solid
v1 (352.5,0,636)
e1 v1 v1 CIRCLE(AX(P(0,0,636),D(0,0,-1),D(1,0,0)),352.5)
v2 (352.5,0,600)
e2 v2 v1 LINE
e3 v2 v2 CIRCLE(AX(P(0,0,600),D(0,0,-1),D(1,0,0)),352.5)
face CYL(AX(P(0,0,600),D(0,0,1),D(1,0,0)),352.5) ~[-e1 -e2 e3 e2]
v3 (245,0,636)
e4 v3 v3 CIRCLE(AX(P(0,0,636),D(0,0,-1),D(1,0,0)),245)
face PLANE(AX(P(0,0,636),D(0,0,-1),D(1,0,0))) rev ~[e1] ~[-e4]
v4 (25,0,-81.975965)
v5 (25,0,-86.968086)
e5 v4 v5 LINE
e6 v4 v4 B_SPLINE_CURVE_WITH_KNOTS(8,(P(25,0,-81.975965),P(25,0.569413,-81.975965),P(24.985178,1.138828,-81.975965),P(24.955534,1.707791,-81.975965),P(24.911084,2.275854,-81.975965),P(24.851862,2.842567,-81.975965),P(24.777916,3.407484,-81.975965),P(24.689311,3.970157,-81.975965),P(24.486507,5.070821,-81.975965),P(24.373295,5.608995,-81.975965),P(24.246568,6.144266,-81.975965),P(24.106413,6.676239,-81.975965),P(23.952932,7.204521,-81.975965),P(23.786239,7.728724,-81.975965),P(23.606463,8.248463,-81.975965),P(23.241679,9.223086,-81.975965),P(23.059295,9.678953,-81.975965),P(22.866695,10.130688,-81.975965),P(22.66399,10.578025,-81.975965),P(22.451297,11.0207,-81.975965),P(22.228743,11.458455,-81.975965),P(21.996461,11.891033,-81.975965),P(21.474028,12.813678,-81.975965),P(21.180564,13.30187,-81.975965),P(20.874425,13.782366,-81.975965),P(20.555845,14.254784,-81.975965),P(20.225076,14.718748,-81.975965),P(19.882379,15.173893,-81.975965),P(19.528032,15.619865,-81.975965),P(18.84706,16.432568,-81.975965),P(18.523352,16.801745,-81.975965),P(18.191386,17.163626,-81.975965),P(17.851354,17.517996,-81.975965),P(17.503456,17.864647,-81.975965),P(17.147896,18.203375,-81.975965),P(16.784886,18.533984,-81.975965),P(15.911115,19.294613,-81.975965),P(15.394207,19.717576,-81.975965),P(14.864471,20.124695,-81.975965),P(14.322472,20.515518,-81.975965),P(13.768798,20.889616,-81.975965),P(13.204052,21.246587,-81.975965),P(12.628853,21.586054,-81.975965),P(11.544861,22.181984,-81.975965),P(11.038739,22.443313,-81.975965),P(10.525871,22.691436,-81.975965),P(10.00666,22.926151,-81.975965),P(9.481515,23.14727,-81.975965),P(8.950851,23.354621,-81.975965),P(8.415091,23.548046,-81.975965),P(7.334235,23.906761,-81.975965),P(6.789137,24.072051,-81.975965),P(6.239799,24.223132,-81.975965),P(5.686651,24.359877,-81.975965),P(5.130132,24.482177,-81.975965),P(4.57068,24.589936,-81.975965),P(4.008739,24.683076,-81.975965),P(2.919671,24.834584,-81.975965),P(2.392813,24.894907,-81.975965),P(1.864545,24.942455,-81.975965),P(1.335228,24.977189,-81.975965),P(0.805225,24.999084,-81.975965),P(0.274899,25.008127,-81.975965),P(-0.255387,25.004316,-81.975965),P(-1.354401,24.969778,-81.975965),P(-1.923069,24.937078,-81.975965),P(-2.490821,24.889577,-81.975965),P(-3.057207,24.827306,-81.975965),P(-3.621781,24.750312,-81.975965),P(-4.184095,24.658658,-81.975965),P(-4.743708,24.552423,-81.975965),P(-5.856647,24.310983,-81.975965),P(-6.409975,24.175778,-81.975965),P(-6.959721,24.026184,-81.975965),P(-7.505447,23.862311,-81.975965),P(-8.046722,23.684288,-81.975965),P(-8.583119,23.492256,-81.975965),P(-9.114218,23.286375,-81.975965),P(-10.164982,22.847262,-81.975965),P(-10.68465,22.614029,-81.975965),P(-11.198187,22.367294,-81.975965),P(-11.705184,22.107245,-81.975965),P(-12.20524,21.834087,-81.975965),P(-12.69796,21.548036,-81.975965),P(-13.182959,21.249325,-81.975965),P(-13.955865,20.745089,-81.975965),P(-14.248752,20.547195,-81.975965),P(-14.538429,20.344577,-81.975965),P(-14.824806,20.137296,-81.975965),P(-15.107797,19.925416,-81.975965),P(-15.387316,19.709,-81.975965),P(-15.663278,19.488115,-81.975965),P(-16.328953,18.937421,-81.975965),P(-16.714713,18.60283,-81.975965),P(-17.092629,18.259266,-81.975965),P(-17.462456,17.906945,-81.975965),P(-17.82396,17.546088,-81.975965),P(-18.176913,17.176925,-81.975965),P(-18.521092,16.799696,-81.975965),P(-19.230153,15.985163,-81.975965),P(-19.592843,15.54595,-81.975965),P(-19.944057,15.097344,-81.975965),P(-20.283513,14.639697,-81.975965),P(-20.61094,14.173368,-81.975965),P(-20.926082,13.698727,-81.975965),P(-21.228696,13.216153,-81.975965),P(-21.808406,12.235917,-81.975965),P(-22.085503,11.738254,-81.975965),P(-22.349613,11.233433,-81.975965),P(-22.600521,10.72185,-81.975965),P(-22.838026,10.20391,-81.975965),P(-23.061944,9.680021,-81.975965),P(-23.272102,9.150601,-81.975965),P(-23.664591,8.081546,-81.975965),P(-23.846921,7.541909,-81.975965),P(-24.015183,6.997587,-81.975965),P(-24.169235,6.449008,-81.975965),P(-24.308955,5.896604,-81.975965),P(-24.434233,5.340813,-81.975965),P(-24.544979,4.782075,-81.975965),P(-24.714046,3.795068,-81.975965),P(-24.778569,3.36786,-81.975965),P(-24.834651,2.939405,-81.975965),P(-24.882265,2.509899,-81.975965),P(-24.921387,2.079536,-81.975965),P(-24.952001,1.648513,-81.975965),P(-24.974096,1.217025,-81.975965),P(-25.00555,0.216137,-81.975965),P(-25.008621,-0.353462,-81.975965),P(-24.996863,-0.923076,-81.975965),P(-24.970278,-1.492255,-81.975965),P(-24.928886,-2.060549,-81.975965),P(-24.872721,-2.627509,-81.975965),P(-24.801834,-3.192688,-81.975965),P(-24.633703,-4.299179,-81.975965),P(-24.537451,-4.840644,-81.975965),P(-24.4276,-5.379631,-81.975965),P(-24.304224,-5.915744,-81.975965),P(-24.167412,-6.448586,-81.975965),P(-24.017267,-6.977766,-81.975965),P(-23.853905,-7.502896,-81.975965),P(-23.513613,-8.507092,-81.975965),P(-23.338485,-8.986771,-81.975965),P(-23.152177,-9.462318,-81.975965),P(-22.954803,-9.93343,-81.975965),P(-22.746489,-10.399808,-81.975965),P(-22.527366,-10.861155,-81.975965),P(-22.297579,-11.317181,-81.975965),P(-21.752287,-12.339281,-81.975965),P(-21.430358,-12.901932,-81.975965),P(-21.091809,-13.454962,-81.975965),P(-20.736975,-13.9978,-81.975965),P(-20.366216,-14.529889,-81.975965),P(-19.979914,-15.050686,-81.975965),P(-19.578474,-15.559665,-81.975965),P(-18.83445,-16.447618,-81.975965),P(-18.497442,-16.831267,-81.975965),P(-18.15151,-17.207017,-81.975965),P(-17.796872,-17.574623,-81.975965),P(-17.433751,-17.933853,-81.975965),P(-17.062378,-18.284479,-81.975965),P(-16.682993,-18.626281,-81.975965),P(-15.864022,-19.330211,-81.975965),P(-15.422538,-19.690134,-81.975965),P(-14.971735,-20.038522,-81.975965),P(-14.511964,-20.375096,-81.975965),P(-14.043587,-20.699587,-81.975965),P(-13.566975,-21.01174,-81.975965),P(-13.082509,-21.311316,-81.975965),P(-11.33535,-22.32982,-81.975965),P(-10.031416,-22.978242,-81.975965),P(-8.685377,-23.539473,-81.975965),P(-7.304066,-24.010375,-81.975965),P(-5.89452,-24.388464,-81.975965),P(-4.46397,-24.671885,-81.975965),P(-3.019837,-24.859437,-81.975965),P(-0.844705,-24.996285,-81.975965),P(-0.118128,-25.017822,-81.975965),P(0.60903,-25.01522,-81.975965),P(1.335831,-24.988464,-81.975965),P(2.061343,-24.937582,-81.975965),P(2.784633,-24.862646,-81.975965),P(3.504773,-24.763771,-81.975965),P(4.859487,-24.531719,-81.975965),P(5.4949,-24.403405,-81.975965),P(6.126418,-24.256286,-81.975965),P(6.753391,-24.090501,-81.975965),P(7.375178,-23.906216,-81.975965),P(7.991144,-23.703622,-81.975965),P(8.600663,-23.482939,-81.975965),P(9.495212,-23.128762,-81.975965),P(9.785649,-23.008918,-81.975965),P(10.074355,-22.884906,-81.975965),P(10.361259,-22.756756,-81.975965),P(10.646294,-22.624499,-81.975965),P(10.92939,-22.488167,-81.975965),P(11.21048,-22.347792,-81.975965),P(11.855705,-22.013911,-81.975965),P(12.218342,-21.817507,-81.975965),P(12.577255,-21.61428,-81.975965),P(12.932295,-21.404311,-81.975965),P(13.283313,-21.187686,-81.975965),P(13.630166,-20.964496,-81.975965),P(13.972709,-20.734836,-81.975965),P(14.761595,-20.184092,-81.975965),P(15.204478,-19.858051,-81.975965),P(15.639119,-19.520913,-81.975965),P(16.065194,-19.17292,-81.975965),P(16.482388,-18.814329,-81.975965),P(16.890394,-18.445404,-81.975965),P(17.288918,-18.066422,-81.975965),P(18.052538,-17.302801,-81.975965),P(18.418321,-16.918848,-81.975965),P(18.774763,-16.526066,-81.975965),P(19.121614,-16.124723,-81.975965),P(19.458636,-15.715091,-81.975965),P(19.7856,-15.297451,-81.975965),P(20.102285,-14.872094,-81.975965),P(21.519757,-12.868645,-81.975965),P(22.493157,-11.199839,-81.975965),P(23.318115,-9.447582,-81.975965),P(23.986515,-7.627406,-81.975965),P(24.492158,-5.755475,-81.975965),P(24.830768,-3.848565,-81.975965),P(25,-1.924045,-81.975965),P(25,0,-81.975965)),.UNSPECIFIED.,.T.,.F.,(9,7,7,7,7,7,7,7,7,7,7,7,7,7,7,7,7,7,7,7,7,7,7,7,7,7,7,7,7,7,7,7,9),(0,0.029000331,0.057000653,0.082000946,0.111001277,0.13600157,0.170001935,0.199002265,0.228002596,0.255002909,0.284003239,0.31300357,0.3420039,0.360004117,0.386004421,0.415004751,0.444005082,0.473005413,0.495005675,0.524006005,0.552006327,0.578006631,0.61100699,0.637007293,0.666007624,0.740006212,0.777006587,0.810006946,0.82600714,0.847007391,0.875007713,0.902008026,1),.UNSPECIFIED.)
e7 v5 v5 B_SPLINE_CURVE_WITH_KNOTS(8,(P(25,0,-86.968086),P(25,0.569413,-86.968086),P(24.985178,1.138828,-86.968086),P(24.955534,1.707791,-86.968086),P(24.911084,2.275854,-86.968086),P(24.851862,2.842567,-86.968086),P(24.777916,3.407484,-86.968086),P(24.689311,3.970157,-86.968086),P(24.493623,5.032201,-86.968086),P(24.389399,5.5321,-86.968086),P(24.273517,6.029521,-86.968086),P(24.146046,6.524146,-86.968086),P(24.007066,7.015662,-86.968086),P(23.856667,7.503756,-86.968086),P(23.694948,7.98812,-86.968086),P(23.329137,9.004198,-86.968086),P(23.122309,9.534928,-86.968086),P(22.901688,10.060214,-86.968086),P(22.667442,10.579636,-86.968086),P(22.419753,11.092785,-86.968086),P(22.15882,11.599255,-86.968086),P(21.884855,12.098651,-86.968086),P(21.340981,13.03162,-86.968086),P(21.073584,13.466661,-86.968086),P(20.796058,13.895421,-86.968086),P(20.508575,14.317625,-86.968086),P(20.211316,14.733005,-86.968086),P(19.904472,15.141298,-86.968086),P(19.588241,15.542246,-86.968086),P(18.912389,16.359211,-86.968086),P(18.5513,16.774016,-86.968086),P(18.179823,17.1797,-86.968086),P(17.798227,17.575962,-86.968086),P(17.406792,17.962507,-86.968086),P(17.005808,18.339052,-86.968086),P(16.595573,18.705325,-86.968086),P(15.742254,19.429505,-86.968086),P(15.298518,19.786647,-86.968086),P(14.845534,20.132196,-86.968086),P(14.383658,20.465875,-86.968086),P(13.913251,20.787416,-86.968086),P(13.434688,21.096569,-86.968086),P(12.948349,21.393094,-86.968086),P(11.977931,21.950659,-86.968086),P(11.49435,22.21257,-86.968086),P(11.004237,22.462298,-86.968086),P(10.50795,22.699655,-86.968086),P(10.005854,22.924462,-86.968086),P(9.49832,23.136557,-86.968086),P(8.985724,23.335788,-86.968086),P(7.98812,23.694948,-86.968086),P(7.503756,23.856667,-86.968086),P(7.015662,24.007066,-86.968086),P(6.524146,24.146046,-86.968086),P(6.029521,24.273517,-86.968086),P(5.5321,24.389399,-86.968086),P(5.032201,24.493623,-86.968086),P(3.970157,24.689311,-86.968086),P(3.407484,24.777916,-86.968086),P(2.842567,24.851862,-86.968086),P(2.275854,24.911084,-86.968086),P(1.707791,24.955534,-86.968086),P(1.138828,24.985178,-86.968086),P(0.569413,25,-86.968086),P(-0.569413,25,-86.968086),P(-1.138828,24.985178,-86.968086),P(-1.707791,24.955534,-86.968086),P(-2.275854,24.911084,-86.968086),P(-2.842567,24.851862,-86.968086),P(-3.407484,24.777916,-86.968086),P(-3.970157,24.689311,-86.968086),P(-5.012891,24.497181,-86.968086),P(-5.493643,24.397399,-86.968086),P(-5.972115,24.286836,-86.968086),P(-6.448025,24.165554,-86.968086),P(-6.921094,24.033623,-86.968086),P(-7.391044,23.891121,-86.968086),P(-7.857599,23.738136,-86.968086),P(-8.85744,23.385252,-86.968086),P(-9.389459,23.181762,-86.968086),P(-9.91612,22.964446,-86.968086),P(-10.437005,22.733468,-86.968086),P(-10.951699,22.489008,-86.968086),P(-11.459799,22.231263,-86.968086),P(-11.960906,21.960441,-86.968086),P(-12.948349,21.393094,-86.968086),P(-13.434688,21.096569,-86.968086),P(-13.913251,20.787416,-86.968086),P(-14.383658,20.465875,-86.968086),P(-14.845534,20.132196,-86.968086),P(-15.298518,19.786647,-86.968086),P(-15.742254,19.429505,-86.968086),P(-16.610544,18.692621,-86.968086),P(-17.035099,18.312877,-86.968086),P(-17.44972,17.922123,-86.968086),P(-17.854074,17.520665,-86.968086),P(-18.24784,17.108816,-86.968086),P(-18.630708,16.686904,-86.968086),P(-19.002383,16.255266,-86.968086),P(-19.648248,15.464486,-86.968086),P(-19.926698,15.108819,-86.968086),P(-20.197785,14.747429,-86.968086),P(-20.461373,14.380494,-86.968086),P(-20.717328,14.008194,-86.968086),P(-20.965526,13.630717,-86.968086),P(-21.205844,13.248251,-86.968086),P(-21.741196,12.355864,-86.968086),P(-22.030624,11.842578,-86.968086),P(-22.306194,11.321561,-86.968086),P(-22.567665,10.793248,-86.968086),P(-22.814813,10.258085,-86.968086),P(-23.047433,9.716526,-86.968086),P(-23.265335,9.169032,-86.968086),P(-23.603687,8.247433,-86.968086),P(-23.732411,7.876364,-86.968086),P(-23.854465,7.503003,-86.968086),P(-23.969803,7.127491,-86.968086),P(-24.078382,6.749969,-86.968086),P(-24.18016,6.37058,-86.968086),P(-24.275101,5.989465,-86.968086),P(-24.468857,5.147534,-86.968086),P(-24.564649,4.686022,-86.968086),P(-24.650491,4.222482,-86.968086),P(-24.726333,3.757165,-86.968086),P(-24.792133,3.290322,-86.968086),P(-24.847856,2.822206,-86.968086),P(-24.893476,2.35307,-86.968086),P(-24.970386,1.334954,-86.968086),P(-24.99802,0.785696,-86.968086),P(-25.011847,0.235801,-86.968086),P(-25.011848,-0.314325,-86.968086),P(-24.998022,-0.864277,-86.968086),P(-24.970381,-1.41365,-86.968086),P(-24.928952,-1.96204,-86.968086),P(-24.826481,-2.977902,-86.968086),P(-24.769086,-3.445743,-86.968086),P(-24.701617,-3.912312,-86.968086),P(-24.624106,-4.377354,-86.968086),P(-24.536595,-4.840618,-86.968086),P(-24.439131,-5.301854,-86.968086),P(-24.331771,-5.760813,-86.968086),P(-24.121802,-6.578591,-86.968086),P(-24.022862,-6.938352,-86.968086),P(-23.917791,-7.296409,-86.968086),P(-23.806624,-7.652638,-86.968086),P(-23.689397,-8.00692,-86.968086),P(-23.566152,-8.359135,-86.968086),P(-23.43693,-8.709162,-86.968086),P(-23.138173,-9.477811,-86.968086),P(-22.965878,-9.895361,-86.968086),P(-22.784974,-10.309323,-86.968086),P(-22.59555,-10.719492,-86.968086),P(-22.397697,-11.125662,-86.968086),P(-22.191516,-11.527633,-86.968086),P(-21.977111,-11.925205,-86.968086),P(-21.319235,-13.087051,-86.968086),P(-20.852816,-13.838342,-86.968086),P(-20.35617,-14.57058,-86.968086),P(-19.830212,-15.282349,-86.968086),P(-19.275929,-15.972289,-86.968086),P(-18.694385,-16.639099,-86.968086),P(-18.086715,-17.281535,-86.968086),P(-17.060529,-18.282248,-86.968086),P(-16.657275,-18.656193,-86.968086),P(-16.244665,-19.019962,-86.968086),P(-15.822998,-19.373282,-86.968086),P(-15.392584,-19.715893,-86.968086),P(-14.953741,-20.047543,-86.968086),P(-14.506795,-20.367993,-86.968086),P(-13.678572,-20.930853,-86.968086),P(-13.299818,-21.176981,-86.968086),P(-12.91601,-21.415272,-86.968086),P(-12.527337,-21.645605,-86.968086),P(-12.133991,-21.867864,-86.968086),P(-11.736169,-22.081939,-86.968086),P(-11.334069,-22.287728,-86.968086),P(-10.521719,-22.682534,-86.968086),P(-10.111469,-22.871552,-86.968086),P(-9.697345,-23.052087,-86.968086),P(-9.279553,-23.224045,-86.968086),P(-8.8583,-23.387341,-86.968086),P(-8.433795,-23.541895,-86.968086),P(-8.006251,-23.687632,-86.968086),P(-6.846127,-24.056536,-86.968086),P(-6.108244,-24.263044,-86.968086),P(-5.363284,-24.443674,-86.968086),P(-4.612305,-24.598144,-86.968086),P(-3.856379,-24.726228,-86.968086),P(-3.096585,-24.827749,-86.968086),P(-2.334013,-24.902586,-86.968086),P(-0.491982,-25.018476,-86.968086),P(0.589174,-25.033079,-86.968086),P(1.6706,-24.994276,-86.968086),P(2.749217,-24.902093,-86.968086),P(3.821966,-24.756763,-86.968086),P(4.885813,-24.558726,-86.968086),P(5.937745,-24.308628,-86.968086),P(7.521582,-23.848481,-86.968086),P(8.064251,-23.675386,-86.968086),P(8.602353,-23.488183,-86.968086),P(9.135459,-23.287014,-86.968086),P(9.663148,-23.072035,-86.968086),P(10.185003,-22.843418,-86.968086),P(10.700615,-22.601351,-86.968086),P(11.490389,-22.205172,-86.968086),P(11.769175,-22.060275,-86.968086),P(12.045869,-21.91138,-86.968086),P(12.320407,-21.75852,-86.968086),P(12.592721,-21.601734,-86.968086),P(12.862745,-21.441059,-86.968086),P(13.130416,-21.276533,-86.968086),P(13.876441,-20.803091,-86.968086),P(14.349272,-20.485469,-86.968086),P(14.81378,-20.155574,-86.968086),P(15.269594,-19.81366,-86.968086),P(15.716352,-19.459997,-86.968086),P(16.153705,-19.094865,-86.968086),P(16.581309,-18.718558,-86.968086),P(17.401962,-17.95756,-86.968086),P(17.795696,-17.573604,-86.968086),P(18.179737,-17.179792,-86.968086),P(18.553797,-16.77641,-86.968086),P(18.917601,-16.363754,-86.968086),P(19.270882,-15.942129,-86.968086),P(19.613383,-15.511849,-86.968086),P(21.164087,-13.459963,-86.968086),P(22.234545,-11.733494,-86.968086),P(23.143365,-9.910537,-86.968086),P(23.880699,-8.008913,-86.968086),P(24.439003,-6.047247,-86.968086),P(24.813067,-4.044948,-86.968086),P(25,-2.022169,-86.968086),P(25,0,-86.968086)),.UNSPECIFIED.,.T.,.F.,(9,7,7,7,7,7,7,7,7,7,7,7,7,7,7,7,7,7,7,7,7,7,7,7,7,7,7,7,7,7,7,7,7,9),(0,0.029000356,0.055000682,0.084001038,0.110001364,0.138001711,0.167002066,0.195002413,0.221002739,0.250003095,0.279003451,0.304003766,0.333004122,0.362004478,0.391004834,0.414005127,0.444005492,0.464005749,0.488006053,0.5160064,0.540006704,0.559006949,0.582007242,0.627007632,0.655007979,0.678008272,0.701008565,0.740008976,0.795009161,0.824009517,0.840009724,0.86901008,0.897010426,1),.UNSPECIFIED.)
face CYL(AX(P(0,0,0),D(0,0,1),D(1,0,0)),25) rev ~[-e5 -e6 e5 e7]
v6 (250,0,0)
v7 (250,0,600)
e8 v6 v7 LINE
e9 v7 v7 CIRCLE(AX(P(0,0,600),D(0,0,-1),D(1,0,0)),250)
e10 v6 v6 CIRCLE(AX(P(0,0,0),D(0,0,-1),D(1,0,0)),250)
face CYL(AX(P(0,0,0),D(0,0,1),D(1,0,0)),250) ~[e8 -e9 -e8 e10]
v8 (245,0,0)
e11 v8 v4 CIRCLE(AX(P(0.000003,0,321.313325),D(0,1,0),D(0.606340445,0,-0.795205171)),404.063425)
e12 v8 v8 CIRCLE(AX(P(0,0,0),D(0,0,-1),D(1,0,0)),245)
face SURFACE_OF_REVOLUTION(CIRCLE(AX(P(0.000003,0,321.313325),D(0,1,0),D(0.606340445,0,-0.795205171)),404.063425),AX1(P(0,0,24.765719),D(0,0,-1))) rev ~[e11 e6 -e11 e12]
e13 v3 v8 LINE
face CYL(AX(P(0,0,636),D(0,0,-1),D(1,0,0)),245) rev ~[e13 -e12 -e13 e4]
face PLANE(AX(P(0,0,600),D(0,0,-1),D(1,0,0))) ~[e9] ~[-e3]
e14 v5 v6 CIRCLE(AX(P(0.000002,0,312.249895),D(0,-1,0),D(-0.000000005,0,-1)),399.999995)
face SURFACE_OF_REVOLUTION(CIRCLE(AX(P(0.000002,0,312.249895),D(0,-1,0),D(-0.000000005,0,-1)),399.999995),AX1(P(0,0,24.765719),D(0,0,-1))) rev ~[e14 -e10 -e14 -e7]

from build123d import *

# Parameters (mm, degrees)
F2_R     = 25
F3_DEPTH = 87.7511


with BuildPart() as f1:
    # F0 (on Front) → F1 (revolve)
    with BuildSketch(Plane.XZ):
        with BuildLine():
            ThreePointArc((245, 0), (129.298665, -61.504004), (0, -82.7501))
            Line((0, -82.7501), (0, -87.7501))
            ThreePointArc((0, -87.7501), (132.476489, -65.175563), (250, 0))
            Line((250, 0), (250, 600))
            Line((250, 600), (352.5, 600))
            Line((352.5, 600), (352.5, 636))
            Line((352.5, 636), (245, 636))
            Line((245, 636), (245, 0))
        make_face()
    revolve(axis=Axis((0, 0, 24.765719), (0, 0, -1)))

    # F2 (on Top) → F3 (cut, through all)
    with BuildSketch(Plane.XY):
        Circle(F2_R)
    extrude(amount=-F3_DEPTH, mode=Mode.SUBTRACT)


solid = f1.part
